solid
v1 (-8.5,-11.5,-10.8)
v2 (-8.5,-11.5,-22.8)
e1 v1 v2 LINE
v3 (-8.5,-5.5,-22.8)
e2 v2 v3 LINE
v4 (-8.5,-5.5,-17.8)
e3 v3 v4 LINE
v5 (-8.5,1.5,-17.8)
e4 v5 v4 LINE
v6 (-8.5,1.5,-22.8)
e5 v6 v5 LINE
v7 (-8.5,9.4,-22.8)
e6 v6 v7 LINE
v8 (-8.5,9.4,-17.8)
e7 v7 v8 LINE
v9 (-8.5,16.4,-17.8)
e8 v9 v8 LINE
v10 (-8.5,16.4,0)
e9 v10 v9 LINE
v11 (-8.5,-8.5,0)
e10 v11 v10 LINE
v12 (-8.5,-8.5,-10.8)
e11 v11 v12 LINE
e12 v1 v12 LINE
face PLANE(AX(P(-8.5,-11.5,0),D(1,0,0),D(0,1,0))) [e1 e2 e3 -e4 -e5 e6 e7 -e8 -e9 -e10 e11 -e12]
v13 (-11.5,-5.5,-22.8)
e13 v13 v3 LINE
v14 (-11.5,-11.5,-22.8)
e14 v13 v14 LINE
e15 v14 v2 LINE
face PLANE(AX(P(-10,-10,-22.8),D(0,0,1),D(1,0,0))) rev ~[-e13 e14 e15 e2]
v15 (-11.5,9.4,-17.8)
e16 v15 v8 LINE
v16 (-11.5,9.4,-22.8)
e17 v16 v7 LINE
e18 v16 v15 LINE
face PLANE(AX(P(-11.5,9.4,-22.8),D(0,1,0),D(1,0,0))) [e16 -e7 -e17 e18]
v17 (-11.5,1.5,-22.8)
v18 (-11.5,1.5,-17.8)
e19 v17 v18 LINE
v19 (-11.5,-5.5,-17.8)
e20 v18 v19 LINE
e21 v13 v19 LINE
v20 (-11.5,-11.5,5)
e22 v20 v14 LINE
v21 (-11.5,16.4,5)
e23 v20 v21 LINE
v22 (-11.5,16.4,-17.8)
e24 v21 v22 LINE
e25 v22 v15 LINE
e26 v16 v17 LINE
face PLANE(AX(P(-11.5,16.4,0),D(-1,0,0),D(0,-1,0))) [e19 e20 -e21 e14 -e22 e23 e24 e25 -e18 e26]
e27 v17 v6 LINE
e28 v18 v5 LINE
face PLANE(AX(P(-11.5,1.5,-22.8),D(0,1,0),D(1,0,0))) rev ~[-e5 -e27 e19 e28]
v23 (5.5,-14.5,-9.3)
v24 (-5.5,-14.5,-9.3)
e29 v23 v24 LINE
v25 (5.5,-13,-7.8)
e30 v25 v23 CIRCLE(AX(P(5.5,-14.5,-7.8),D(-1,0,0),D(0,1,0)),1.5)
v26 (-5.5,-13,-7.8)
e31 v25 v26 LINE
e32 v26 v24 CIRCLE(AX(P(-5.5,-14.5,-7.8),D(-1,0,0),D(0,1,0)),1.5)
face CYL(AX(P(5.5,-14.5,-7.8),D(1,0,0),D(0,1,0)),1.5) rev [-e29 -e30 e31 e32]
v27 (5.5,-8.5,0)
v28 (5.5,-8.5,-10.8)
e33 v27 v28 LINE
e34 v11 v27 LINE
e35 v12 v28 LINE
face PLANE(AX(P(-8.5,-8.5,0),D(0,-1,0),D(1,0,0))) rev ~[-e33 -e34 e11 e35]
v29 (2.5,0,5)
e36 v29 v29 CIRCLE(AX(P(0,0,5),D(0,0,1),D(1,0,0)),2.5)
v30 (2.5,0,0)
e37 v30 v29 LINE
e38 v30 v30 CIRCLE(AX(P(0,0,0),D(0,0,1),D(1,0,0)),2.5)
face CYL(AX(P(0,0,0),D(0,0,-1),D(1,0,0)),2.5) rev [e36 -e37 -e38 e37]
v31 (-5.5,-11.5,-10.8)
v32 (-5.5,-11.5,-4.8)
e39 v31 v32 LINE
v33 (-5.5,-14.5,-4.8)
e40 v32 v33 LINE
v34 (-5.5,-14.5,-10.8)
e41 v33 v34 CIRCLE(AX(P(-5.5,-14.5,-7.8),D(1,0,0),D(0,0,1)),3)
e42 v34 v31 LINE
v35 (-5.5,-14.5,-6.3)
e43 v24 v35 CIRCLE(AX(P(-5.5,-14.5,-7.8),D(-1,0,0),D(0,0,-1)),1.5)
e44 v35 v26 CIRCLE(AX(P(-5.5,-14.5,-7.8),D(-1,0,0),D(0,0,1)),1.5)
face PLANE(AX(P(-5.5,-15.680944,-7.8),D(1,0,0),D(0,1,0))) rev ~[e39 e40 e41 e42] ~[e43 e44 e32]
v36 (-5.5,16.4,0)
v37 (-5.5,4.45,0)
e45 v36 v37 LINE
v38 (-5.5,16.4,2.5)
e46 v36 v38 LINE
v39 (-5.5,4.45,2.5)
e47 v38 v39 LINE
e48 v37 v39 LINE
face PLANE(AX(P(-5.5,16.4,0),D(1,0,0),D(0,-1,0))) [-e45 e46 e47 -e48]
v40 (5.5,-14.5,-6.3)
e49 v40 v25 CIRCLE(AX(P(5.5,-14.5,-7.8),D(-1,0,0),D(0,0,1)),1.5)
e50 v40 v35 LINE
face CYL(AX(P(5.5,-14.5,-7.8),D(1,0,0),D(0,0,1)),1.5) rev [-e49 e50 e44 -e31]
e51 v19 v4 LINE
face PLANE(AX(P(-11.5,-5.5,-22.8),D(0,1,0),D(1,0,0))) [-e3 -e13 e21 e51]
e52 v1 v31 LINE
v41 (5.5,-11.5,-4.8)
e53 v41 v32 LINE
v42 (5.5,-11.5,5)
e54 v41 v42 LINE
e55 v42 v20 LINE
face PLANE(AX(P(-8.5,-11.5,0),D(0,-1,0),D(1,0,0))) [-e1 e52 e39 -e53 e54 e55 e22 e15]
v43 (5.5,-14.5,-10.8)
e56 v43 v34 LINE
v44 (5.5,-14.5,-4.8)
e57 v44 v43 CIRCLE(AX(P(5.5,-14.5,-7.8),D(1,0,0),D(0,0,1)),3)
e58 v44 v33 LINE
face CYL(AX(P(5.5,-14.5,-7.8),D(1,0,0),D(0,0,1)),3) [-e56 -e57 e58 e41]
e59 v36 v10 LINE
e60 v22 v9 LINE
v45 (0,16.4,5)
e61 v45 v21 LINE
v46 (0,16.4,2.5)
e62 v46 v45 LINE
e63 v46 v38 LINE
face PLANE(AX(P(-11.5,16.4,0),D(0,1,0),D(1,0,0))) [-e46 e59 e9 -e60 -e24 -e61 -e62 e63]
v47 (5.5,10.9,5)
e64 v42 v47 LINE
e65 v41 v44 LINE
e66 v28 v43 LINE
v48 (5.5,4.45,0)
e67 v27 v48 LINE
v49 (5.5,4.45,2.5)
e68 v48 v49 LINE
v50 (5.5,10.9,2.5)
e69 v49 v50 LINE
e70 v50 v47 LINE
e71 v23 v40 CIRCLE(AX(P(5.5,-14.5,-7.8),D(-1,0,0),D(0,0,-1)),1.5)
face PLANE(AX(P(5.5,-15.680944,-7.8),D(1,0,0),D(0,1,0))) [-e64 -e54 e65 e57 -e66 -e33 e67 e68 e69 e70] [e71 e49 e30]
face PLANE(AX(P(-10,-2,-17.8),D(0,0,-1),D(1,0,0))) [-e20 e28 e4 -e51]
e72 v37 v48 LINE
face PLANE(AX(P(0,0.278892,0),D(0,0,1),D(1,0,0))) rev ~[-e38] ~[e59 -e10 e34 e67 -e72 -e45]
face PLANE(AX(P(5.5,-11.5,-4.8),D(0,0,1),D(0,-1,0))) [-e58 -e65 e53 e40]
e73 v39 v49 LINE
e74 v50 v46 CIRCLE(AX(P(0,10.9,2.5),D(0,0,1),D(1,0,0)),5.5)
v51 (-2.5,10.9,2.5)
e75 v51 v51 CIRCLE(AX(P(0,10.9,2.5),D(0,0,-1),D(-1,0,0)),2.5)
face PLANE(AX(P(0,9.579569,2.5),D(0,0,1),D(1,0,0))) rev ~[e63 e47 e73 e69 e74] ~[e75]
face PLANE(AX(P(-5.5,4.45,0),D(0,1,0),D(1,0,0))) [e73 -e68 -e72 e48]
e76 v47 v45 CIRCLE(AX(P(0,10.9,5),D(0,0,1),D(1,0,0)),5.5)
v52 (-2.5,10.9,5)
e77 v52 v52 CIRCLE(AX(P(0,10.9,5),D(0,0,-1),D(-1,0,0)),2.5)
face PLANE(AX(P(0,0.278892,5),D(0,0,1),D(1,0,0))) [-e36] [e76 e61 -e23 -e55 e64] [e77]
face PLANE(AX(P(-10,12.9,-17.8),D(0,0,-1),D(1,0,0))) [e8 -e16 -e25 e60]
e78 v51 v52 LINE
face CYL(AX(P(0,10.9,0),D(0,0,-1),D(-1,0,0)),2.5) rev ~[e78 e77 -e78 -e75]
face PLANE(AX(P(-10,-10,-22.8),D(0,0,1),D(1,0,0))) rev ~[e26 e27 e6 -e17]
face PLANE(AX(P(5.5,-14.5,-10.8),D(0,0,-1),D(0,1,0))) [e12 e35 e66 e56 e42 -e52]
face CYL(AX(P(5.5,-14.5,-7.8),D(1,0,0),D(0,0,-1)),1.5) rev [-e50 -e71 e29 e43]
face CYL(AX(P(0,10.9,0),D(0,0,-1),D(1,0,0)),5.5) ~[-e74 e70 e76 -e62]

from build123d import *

# Parameters (mm, degrees)
F0_R          = 2.5
F0_W          = 3
F0_H          = 3
F0_W_2        = 14
F1_DEPTH      = 5
F2_DEPTH      = 2.5
F0_H_2        = 21.9
F3_DEPTH      = 22.8
F3_DEPTH_BACK = 5
F4_W          = 3
F4_H          = 7
F5_DEPTH      = 5
F6_DEPTH      = 10.8
F8_DEPTH      = 11


with BuildPart() as f1:
    # F0 (on Top) → F1 (new body)
    with BuildSketch(Plane.XY):
        with BuildLine():
            Line((-5.5, 4.45), (-5.5, 0))
            ThreePointArc((-5.5, 0), (-3.8890872965, -3.8890872965), (0, -5.5))
            ThreePointArc((0, -5.5), (3.8890872965, -3.8890872965), (5.5, 0))
            Line((5.5, 0), (5.5, 4.45))
            Line((5.5, 4.45), (-5.5, 4.45))
        make_face()
        Circle(F0_R, mode=Mode.SUBTRACT)
        with BuildLine():
            Line((-5.5, 5.45), (-5.5, 4.45))
            Line((-5.5, 4.45), (5.5, 4.45))
            Line((5.5, 4.45), (5.5, 10.9))
            ThreePointArc((5.5, 10.9), (3.8890872965, 14.7890872965), (0, 16.4))
            ThreePointArc((0, 16.4), (-3.8890872965, 14.7890872965), (-5.5, 10.9))
            Line((-5.5, 10.9), (-5.5, 5.45))
        make_face()
        with BuildLine():
            ThreePointArc((2.5, 10.9), (0, 8.4), (-2.5, 10.9))
            ThreePointArc((-2.5, 10.9), (0, 13.4), (2.5, 10.9))
        make_face(mode=Mode.SUBTRACT)
        with BuildLine():
            ThreePointArc((0, -5.5), (-3.8890872965, -3.8890872965), (-5.5, 0))
            Line((-5.5, 0), (-5.5, 4.45))
            Line((-5.5, 4.45), (-5.5, 5.45))
            Line((-5.5, 5.45), (-5.5, 10.9))
            Line((-5.5, 10.9), (-5.5, 16.4))
            Line((-5.5, 16.4), (-8.5, 16.4))
            Line((-8.5, 16.4), (-8.5, -5.5))
            Line((-8.5, -5.5), (0, -5.5))
        make_face()
        with BuildLine():
            Line((-5.5, 16.4), (-5.5, 10.9))
            ThreePointArc((-5.5, 10.9), (-3.8890872965, 14.7890872965), (0, 16.4))
            Line((0, 16.4), (-5.5, 16.4))
        make_face()
        with BuildLine():
            ThreePointArc((5.5, 0), (3.8890872965, -3.8890872965), (0, -5.5))
            Line((0, -5.5), (-8.5, -5.5))
            Line((-8.5, -5.5), (-8.5, -8.5))
            Line((-8.5, -8.5), (5.5, -8.5))
            Line((5.5, -8.5), (5.5, 0))
        make_face()
        with Locations((-10, -10)):
            Rectangle(F0_W, F0_H)
        with Locations((-1.5, -10)):
            Rectangle(F0_W_2, F0_H)
    extrude(amount=F1_DEPTH)

    # F0 (on Top) → F2 (cut)
    with BuildSketch(Plane.XY):
        with BuildLine():
            Line((-5.5, 5.45), (-5.5, 4.45))
            Line((-5.5, 4.45), (5.5, 4.45))
            Line((5.5, 4.45), (5.5, 10.9))
            ThreePointArc((5.5, 10.9), (3.8890872965, 14.7890872965), (0, 16.4))
            ThreePointArc((0, 16.4), (-3.8890872965, 14.7890872965), (-5.5, 10.9))
            Line((-5.5, 10.9), (-5.5, 5.45))
        make_face()
        with BuildLine():
            ThreePointArc((2.5, 10.9), (0, 8.4), (-2.5, 10.9))
            ThreePointArc((-2.5, 10.9), (0, 13.4), (2.5, 10.9))
        make_face(mode=Mode.SUBTRACT)
        with BuildLine():
            Line((-5.5, 16.4), (-5.5, 10.9))
            ThreePointArc((-5.5, 10.9), (-3.8890872965, 14.7890872965), (0, 16.4))
            Line((0, 16.4), (-5.5, 16.4))
        make_face()
    extrude(amount=F2_DEPTH, mode=Mode.SUBTRACT)

    # F0 (on Top) → F3 (join, two sides)
    with BuildSketch(Plane.XY) as f3_sk:
        with Locations((-10, -10)):
            Rectangle(F0_W, F0_H)
        with Locations((-10, 5.45)):
            Rectangle(F0_W, F0_H_2)
        with Locations((-10, -7)):
            Rectangle(F0_W, F0_H)
    extrude(amount=-F3_DEPTH)
    extrude(f3_sk.sketch, amount=F3_DEPTH_BACK)

    # F4 (on face) → F5 (cut)
    with BuildSketch(Plane(origin=(0, 0, -22.8), x_dir=(1, 0, 0), z_dir=(0, 0, -1))):
        with Locations((-10, -12.9)):
            Rectangle(F4_W, F4_H)
        with Locations((-10, 2)):
            Rectangle(F4_W, F4_H)
    extrude(amount=-F5_DEPTH, mode=Mode.SUBTRACT)

    # F0 (on Top) → F6 (join)
    with BuildSketch(Plane.XY):
        with Locations((-1.5, -10)):
            Rectangle(F0_W_2, F0_H)
    extrude(amount=-F6_DEPTH)

    # F7 (on face) → F8 (join)
    with BuildSketch(Plane.YZ.offset(5.5)):
        with BuildLine():
            ThreePointArc((-14.5, -4.8), (-17.5, -7.8), (-14.5, -10.8))
            Line((-14.5, -10.8), (-14.5, -9.3))
            ThreePointArc((-14.5, -9.3), (-16, -7.8), (-14.5, -6.3))
            Line((-14.5, -6.3), (-14.5, -4.8))
        make_face()
        with BuildLine():
            Line((-14.5, -9.3), (-14.5, -10.8))
            ThreePointArc((-14.5, -10.8), (-12.3786796564, -9.9213203436), (-11.5, -7.8))
            ThreePointArc((-11.5, -7.8), (-12.3786796564, -5.6786796564), (-14.5, -4.8))
            Line((-14.5, -4.8), (-14.5, -6.3))
            ThreePointArc((-14.5, -6.3), (-13.4393398282, -6.7393398282), (-13, -7.8))
            ThreePointArc((-13, -7.8), (-13.4393398282, -8.8606601718), (-14.5, -9.3))
        make_face()
        with BuildLine():
            ThreePointArc((-14.5, -4.8), (-12.3786796564, -5.6786796564), (-11.5, -7.8))
            Line((-11.5, -7.8), (-11.5, -4.8))
            Line((-11.5, -4.8), (-14.5, -4.8))
        make_face()
        with BuildLine():
            Line((-14.5, -10.8), (-11.5, -10.8))
            Line((-11.5, -10.8), (-11.5, -7.8))
            ThreePointArc((-11.5, -7.8), (-12.3786796564, -9.9213203436), (-14.5, -10.8))
        make_face()
    extrude(amount=-F8_DEPTH)


solid = f1.part
